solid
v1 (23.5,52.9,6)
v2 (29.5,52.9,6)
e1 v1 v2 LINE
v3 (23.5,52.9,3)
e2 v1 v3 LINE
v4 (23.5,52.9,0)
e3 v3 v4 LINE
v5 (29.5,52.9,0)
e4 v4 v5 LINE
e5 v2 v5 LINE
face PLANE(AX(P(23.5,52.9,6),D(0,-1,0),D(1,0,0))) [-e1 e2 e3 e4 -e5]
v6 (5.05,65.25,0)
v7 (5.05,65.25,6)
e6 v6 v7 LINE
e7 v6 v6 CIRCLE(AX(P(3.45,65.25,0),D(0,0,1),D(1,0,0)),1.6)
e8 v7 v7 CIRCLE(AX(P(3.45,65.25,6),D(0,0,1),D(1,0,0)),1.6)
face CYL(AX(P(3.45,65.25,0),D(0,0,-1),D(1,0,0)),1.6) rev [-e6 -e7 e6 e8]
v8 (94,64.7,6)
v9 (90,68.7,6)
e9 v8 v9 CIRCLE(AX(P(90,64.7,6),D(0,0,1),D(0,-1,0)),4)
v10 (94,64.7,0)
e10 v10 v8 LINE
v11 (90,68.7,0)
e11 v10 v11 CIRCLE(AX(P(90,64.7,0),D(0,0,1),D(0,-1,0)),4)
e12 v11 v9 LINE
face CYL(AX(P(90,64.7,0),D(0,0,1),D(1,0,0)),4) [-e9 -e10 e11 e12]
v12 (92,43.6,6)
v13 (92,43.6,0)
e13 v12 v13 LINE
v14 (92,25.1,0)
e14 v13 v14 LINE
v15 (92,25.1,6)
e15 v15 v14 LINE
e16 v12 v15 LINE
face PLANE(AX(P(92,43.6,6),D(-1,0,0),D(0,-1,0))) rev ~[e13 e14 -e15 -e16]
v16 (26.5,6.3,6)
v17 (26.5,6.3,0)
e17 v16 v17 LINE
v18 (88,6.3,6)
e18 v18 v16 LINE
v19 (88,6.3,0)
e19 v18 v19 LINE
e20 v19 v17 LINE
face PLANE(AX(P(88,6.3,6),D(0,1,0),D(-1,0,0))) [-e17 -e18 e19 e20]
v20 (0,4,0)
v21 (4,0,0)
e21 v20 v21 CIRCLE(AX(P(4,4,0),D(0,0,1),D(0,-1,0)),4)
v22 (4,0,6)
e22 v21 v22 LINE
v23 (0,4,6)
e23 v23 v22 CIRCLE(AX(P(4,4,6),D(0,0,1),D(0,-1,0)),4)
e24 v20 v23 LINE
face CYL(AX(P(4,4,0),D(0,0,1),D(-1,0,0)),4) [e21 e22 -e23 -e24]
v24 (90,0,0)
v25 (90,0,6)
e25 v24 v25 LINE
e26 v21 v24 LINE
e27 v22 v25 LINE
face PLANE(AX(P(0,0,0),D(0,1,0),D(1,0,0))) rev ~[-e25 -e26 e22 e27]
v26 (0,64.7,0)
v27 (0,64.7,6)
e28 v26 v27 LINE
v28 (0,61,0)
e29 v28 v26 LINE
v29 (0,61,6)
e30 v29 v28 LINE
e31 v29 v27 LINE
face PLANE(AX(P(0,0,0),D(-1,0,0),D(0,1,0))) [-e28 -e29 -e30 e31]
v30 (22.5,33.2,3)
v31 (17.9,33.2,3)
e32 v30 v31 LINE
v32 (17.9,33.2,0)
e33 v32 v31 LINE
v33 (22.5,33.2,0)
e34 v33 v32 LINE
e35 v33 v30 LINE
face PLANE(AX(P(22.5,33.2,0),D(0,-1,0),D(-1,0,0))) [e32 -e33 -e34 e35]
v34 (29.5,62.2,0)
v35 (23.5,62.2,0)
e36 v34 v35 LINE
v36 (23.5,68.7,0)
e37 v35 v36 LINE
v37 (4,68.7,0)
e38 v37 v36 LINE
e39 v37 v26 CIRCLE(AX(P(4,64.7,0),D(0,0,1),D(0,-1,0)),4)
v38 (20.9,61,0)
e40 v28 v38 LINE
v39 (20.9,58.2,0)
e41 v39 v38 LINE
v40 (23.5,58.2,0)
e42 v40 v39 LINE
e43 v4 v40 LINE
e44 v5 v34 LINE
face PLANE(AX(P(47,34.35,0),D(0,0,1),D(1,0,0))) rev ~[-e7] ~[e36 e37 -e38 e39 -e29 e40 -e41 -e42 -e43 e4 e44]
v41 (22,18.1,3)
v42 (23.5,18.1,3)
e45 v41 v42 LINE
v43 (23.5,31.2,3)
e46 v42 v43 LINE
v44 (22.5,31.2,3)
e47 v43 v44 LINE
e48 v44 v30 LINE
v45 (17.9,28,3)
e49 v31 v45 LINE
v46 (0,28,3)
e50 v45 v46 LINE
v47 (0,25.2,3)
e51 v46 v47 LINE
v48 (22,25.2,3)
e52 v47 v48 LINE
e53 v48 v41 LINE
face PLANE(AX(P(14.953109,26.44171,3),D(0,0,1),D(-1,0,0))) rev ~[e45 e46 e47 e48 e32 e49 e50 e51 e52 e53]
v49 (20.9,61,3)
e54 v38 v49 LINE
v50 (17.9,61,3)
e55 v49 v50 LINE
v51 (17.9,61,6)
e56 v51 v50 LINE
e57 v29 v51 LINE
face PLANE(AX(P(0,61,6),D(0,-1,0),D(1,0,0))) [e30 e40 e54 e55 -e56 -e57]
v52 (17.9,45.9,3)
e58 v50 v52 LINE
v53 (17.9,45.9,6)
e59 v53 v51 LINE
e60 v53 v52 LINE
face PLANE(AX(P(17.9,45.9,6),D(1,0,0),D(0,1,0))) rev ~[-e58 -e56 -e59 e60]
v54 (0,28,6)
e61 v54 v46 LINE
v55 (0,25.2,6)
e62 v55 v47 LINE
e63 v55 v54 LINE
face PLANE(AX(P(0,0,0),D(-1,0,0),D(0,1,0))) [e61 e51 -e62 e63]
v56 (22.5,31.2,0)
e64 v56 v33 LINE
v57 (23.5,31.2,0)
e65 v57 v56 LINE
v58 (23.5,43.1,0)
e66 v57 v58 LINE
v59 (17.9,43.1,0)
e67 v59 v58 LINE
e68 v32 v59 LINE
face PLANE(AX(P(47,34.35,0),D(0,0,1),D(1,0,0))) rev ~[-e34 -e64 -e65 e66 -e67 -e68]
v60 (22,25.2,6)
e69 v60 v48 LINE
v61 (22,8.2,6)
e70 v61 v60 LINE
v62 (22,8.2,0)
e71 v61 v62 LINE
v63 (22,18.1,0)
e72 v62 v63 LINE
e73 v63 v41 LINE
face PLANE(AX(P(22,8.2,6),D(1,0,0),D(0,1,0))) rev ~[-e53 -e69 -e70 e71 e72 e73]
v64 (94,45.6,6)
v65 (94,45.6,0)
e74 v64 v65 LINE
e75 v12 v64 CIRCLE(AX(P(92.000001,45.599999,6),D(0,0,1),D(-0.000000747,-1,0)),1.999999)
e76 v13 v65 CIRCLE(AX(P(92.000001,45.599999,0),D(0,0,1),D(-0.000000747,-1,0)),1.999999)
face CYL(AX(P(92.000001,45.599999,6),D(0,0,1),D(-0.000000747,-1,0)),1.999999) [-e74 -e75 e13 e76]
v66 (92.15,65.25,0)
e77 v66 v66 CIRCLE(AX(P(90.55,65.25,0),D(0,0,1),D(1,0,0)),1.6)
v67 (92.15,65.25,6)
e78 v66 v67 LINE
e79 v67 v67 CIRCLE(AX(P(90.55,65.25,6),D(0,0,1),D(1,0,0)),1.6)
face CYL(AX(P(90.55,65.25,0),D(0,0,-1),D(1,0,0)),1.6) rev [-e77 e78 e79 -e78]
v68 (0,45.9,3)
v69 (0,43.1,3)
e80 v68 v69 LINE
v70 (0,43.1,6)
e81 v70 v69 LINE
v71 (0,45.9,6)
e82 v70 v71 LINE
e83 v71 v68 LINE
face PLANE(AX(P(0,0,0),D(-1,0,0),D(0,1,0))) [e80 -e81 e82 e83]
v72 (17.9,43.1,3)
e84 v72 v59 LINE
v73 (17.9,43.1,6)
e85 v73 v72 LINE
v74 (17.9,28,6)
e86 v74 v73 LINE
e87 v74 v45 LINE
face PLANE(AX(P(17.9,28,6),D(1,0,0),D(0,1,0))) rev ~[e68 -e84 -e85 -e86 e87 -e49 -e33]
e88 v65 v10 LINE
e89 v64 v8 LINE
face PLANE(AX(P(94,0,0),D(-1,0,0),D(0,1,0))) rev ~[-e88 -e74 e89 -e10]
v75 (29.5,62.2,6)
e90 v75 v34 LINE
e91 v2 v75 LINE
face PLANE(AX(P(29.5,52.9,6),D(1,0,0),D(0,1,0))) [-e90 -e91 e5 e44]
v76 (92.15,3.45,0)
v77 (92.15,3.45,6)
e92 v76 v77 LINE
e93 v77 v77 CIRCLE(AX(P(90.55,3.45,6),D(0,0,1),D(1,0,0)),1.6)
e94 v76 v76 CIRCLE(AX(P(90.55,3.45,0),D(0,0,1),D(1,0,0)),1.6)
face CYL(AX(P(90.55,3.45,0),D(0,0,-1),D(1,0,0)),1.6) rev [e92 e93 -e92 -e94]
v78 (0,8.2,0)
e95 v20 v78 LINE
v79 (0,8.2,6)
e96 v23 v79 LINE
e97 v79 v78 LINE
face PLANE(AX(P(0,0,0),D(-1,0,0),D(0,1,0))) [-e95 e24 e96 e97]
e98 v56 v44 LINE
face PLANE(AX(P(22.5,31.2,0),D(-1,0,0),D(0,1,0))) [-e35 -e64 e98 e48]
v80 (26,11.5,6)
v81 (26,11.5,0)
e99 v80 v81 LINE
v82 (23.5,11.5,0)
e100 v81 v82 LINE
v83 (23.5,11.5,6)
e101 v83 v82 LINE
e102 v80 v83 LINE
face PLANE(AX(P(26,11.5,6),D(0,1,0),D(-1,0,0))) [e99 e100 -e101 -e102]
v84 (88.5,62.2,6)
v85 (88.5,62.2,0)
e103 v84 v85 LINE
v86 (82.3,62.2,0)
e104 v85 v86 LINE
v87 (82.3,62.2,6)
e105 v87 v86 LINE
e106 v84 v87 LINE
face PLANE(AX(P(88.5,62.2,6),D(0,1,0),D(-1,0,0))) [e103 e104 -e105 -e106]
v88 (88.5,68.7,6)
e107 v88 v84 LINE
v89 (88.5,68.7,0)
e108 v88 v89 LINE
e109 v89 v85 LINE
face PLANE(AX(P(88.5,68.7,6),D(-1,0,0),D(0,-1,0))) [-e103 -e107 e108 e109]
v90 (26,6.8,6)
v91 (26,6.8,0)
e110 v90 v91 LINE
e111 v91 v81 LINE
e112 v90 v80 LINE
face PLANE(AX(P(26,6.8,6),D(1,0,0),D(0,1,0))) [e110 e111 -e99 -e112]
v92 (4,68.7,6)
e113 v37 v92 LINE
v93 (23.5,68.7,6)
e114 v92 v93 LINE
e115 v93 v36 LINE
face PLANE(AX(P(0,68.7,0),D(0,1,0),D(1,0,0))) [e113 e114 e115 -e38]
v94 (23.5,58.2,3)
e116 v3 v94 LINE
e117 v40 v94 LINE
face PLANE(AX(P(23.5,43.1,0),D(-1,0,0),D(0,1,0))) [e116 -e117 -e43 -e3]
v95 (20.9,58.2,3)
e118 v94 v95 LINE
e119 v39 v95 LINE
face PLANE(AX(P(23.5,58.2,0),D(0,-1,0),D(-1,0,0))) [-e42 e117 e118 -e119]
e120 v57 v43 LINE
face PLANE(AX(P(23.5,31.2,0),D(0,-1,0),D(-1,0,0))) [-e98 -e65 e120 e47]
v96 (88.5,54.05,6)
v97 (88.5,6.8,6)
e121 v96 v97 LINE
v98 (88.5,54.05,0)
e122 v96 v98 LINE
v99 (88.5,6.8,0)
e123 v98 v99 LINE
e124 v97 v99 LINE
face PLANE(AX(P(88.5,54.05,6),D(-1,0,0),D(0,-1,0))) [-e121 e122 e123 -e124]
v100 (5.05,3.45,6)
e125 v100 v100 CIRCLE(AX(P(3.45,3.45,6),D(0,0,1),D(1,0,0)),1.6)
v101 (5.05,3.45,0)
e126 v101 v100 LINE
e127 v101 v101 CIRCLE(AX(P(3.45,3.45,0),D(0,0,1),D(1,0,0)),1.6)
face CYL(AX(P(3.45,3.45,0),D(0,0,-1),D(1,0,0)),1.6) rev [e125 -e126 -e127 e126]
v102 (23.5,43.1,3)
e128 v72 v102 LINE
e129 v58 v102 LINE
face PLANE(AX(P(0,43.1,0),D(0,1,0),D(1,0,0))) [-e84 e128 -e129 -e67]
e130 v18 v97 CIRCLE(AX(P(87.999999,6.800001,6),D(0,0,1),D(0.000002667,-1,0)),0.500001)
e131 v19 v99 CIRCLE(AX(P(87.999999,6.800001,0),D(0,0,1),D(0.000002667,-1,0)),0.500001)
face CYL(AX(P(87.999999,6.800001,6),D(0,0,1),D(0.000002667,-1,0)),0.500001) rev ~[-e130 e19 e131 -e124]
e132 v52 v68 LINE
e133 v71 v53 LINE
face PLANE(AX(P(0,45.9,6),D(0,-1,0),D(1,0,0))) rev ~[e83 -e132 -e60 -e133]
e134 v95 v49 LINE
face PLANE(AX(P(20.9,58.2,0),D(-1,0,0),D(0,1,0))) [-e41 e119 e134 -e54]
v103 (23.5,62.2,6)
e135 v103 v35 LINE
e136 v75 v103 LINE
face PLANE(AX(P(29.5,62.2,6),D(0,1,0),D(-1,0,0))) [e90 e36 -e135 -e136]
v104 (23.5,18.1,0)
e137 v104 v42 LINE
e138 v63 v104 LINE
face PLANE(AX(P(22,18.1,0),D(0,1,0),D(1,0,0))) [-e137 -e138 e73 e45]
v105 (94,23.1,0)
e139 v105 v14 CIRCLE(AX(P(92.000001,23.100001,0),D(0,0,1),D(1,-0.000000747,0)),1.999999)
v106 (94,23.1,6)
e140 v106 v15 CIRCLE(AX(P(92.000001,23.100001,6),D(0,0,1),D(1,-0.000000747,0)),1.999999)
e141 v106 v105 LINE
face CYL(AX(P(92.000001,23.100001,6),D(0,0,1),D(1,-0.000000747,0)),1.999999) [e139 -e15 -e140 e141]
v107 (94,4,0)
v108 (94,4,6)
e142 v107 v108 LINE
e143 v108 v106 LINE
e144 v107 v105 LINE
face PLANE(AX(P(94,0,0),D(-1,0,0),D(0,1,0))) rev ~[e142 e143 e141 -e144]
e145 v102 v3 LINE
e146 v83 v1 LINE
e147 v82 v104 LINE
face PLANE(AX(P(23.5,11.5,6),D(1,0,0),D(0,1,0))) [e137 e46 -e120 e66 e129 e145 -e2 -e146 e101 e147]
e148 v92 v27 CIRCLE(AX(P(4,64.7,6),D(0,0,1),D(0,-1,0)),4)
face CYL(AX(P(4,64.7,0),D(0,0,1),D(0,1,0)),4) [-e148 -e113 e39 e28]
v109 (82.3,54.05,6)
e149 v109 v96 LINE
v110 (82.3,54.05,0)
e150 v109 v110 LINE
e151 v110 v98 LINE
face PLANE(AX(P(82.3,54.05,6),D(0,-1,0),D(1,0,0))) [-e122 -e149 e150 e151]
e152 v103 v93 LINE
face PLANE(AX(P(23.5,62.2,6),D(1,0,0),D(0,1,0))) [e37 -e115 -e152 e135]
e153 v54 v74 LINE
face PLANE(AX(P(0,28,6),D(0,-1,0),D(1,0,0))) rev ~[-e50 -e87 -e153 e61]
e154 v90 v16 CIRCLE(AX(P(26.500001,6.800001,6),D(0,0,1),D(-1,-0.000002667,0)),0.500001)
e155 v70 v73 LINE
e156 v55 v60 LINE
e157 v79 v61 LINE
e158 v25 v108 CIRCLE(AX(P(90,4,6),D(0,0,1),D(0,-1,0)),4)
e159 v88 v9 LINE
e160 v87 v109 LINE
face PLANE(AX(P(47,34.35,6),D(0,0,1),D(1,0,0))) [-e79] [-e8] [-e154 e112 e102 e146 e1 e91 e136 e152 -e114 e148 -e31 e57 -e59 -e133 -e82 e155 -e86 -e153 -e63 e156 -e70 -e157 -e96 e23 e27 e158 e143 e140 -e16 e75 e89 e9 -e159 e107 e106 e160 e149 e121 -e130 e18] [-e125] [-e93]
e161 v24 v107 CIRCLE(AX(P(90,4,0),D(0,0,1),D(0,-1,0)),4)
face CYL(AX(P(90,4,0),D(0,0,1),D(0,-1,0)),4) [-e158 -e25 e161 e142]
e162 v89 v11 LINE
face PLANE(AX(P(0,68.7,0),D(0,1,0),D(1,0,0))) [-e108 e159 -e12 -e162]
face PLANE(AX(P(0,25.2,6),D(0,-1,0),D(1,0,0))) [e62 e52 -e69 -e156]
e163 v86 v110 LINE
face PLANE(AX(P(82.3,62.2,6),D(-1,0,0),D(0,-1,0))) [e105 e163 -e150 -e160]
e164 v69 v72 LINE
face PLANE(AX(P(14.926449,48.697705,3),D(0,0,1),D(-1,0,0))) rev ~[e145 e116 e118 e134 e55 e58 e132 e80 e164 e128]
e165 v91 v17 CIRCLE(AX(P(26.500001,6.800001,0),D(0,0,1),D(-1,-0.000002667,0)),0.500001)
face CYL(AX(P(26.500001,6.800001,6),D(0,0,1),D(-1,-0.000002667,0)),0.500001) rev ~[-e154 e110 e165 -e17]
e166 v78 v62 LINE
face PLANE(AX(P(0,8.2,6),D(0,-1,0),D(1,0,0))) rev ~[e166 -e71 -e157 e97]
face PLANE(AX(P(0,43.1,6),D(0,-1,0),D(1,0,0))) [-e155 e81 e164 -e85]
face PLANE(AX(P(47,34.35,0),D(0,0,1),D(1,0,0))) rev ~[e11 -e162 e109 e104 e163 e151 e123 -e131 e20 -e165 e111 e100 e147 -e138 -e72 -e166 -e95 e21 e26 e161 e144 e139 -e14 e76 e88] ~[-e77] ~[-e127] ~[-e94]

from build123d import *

# Parameters (mm, degrees)
SKETCH_W        = 94
SKETCH_H        = 68.7
SKETCH_R        = 1.6
PAD_DEPTH       = 6
SKETCH001_W     = 22
SKETCH001_H     = 17
SKETCH001_W_2   = 17.9
SKETCH001_H_2   = 15.1
POCKET_DEPTH    = 6
POCKET001_DEPTH = 3
FILLET_R        = 4


with BuildPart() as part:
    # Sketch → Pad (new body)
    with BuildSketch(Plane.XY):
        with Locations((47, 34.35)):
            Rectangle(SKETCH_W, SKETCH_H)
        with Locations((3.45, 65.25)):
            Circle(SKETCH_R, mode=Mode.SUBTRACT)
        with Locations((90.55, 65.25)):
            Circle(SKETCH_R, mode=Mode.SUBTRACT)
        with Locations((90.55, 3.45)):
            Circle(SKETCH_R, mode=Mode.SUBTRACT)
        with Locations((3.45, 3.45)):
            Circle(SKETCH_R, mode=Mode.SUBTRACT)
    extrude(amount=PAD_DEPTH)

    # Sketch001 (on Face10 of Pad) → Pocket (cut)
    with BuildSketch(Plane.XY.offset(6)):
        with Locations((11, 16.7)):
            Rectangle(SKETCH001_W, SKETCH001_H)
        with Locations((8.95, 35.55)):
            Rectangle(SKETCH001_W_2, SKETCH001_H_2)
        with Locations((8.95, 53.45)):
            Rectangle(SKETCH001_W_2, SKETCH001_H_2)
        with BuildLine():
            Line((92, 43.6), (92, 25.1))
            ThreePointArc((94, 23.1), (93.414214, 24.514214), (92, 25.1))
            Line((94, 23.1), (94, 45.6))
            ThreePointArc((92, 43.6), (93.414214, 44.185786), (94, 45.6))
        make_face()
        with BuildLine():
            Line((88.5, 68.7), (88.5, 62.2))
            Line((88.5, 62.2), (82.3, 62.2))
            Line((82.3, 62.2), (82.3, 54.05))
            Line((82.3, 54.05), (88.5, 54.05))
            Line((88.5, 54.05), (88.5, 6.8))
            ThreePointArc((88, 6.3), (88.353553, 6.446447), (88.5, 6.8))
            Line((88, 6.3), (26.5, 6.3))
            ThreePointArc((26, 6.8), (26.146447, 6.446447), (26.5, 6.3))
            Line((26, 6.8), (26, 11.5))
            Line((26, 11.5), (23.5, 11.5))
            Line((23.5, 11.5), (23.5, 52.9))
            Line((23.5, 52.9), (29.5, 52.9))
            Line((29.5, 52.9), (29.5, 62.2))
            Line((29.5, 62.2), (23.5, 62.2))
            Line((23.5, 62.2), (23.5, 68.7))
            Line((23.5, 68.7), (88.5, 68.7))
        make_face()
    extrude(amount=-POCKET_DEPTH, mode=Mode.SUBTRACT)

    # Sketch002 (on Face4 of Pocket) → Pocket001 (cut)
    with BuildSketch(Plane(origin=(0, 0, 0), x_dir=(1, 0, 0), z_dir=(0, 0, -1))):
        Polygon((22, -18.1), (23.5, -18.1), (23.5, -31.2), (22.5, -31.2), (22.5, -33.2), (17.9, -33.2), (17.9, -28), (0, -28), (0, -25.2), (22, -25.2), align=None)
        Polygon((0, -43.1), (23.5, -43.1), (23.5, -58.2), (20.9, -58.2), (20.9, -61), (17.9, -61), (17.9, -45.9), (0, -45.9), align=None)
    extrude(amount=-POCKET001_DEPTH, mode=Mode.SUBTRACT)

    # Fillet
    fillet_edges = [part.edges().sort_by_distance(p)[0] for p in [
        (0, 68.7, 3),
        (0, 0, 3),
        (94, 0, 3),
        (94, 68.7, 3),
    ]]
    fillet(fillet_edges, radius=FILLET_R)


solid = part.part
